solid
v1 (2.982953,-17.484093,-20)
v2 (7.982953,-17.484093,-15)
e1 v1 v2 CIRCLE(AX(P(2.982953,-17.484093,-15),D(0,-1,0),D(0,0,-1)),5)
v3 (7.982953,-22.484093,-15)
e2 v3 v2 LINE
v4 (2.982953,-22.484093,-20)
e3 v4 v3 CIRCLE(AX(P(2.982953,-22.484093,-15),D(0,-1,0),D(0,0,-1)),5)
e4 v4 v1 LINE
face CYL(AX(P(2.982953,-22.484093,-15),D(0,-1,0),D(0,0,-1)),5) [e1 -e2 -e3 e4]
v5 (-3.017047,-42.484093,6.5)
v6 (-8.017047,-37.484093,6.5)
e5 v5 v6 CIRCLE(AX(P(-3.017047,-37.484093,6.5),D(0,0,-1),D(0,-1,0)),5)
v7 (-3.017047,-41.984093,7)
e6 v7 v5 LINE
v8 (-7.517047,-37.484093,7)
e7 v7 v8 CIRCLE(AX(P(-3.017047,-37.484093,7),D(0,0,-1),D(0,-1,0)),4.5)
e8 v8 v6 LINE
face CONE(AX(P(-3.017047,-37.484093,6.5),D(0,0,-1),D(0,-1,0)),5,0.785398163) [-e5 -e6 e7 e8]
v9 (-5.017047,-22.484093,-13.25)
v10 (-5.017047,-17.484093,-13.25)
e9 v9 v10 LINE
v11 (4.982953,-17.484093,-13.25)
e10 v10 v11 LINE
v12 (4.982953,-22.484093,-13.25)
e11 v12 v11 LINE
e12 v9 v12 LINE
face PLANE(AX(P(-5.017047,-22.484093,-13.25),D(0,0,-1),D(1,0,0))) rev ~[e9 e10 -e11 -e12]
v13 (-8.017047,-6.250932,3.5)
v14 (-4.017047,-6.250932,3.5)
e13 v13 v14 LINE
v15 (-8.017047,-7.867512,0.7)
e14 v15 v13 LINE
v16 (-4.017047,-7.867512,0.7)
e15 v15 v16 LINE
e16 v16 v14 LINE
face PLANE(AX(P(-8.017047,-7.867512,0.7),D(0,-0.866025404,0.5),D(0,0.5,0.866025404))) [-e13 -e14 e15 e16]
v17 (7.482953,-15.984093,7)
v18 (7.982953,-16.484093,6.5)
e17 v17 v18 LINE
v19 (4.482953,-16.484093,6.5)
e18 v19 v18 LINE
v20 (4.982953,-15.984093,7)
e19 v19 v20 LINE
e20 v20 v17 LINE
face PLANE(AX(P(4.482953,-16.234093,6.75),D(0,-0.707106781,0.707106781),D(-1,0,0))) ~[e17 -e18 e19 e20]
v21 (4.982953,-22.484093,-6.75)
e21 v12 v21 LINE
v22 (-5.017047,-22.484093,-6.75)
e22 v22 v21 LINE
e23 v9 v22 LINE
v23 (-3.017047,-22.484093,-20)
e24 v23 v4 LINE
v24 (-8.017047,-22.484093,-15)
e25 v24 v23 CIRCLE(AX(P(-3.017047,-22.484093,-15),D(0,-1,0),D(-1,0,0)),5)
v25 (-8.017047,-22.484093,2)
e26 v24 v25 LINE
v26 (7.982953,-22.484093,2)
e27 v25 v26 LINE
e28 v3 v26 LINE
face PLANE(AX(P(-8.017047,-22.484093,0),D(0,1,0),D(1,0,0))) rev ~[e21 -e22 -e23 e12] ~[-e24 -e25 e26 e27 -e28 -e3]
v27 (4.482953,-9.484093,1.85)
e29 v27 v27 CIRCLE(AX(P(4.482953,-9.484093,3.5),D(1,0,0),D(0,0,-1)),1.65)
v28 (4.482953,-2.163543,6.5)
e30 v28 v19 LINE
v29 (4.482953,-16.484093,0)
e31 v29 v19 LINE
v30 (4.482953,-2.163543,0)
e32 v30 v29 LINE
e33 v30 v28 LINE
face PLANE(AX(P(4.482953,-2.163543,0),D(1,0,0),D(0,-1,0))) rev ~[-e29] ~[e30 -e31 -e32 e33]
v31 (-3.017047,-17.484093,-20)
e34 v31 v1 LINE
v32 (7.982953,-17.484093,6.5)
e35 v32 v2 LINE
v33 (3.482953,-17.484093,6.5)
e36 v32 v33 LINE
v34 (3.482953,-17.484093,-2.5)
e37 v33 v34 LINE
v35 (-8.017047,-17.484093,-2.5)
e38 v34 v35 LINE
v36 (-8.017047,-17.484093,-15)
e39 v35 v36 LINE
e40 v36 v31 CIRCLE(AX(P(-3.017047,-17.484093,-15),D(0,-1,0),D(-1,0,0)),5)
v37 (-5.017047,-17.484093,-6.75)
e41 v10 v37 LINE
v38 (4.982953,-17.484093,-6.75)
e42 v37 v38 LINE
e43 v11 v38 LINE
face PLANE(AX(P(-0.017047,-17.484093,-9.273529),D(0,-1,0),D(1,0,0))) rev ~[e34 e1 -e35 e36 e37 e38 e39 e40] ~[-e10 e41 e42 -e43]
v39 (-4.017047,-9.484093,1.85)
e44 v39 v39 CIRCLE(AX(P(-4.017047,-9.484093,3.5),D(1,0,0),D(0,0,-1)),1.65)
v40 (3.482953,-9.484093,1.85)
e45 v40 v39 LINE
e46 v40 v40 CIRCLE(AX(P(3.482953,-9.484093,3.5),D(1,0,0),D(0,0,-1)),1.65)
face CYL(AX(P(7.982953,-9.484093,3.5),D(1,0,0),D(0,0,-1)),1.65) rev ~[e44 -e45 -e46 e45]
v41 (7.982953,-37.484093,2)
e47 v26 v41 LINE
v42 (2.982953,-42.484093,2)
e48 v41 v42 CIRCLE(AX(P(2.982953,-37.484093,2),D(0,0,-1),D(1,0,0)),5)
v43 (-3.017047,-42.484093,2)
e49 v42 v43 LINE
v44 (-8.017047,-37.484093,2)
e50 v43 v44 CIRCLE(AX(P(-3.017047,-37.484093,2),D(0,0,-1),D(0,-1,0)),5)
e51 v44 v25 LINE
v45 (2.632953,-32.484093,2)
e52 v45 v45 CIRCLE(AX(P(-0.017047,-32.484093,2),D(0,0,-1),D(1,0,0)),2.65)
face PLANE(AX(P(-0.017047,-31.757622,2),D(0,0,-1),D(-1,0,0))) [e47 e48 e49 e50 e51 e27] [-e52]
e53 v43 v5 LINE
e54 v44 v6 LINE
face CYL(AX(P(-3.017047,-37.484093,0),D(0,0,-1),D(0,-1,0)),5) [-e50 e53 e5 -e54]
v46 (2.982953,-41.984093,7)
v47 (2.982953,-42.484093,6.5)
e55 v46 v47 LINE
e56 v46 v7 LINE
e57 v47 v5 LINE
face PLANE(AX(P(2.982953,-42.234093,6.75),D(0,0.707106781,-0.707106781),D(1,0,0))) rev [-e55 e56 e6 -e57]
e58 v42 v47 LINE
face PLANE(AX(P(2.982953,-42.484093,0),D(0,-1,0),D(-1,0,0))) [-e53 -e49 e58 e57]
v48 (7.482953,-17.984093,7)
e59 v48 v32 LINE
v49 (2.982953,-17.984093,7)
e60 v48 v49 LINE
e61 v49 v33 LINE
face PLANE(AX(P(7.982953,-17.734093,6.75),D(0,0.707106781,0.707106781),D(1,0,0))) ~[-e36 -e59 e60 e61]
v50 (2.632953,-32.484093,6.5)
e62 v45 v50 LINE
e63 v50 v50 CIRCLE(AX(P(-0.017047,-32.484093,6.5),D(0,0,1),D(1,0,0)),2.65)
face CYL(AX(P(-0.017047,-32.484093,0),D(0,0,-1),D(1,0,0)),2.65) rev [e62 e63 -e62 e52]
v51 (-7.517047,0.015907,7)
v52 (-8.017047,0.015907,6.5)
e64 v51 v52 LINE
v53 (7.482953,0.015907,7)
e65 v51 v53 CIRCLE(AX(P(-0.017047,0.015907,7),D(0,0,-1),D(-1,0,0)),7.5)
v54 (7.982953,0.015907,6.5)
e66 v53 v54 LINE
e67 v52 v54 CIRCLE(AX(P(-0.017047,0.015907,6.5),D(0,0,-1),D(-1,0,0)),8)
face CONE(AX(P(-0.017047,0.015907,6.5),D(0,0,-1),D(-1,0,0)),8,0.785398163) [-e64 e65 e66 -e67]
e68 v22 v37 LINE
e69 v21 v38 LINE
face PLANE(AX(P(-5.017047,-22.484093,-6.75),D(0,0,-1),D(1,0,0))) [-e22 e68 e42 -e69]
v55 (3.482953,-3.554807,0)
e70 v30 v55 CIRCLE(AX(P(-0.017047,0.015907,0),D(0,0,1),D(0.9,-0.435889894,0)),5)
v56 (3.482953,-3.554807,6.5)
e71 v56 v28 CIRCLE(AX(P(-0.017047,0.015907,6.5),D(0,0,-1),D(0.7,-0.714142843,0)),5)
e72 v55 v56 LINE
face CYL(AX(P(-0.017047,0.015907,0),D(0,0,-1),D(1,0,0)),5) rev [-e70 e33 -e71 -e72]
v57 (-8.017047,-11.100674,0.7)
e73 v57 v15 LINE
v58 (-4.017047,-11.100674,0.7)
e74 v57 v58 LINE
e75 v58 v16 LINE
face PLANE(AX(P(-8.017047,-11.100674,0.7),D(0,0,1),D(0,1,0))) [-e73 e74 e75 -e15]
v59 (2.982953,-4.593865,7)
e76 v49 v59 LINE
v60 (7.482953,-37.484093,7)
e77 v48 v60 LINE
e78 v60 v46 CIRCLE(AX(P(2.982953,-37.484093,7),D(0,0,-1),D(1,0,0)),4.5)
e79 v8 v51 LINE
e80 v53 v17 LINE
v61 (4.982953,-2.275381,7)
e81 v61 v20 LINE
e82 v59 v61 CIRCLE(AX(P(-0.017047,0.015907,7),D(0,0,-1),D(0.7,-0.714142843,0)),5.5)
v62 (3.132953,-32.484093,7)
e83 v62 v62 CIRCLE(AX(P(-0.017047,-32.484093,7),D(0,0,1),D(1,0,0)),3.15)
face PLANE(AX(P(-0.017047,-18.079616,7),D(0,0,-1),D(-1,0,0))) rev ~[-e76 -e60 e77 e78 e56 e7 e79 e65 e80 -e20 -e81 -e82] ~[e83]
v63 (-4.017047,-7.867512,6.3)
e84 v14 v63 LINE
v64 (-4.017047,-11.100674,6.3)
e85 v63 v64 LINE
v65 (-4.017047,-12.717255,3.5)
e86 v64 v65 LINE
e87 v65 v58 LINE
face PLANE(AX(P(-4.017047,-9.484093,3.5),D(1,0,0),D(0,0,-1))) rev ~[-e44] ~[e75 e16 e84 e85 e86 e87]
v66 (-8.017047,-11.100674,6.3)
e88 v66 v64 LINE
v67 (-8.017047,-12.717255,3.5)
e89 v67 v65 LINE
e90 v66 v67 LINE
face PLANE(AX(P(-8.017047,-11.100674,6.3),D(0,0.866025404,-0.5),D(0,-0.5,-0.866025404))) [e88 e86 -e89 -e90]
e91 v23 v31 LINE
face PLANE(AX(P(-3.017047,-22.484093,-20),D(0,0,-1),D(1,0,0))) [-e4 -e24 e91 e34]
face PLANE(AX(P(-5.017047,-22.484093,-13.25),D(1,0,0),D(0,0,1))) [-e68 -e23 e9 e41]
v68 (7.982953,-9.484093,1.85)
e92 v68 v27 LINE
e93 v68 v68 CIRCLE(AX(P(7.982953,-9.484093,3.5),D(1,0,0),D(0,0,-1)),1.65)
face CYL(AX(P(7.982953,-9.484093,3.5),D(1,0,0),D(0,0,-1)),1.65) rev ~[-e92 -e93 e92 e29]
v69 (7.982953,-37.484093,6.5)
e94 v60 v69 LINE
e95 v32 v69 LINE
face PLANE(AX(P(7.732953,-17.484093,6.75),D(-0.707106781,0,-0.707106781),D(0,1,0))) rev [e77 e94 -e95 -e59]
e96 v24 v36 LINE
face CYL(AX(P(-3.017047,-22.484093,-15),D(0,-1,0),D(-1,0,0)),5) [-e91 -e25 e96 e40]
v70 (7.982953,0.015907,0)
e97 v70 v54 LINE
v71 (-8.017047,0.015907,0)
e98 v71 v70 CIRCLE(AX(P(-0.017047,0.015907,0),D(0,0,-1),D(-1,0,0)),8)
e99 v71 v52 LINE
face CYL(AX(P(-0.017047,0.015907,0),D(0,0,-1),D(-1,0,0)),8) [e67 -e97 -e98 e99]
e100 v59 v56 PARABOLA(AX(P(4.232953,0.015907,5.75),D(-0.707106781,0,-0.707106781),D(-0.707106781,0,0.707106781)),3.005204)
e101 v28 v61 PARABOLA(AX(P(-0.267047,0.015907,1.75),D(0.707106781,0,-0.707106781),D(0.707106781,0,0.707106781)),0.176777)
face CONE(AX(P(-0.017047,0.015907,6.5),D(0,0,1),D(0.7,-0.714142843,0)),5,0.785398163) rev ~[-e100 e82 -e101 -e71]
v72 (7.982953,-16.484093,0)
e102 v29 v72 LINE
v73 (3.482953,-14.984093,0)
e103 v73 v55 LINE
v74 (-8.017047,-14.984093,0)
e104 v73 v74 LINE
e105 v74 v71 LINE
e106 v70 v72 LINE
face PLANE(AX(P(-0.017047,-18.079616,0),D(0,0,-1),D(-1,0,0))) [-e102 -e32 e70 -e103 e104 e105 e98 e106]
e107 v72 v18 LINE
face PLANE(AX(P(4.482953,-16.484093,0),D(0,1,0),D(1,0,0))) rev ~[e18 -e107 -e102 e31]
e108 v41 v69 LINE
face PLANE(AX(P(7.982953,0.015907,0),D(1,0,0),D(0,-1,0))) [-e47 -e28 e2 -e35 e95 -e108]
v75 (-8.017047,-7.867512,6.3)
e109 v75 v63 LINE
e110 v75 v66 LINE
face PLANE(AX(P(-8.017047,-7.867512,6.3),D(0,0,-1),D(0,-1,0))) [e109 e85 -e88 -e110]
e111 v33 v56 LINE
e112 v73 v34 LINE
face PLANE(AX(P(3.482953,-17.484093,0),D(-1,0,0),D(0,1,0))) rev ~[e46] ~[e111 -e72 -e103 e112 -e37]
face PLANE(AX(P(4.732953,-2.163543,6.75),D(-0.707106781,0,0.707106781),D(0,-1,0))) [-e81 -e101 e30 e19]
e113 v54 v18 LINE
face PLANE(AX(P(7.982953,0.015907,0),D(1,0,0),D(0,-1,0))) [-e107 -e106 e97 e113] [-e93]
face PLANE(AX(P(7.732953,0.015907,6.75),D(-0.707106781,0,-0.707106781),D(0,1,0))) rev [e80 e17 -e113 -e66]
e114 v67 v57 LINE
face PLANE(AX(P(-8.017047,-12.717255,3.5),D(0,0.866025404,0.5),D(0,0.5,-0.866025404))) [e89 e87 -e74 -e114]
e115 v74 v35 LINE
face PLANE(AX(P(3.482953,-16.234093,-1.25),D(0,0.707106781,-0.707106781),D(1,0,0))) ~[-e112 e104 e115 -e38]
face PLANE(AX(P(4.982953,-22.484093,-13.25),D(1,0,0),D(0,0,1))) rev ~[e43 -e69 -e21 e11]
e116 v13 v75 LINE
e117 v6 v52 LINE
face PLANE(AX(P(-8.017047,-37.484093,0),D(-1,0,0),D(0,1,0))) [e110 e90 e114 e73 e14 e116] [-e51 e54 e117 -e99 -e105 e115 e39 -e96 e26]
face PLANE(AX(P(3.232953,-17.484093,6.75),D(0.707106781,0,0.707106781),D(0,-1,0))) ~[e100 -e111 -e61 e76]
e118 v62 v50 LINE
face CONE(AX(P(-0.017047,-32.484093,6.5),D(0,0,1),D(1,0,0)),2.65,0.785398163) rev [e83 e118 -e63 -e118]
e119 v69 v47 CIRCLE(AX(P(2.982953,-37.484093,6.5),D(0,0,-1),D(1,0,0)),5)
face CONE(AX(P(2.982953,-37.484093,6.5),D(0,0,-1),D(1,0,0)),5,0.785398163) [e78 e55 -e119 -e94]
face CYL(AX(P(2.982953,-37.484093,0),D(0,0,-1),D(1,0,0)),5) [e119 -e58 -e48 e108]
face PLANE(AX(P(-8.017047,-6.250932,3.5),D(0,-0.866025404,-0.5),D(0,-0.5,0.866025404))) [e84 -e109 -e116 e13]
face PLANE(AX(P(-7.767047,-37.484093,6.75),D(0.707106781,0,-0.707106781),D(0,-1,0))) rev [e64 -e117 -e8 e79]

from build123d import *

# Parameters (mm, degrees)
ESBO_O1_R                = 5
ESBO_O1_R_2              = 2.65
RESSALTO_EXTRUS_O3_DEPTH = 7
RESSALTO_EXTRUS_O4_START = -20
ESBO_O3_W                = 10
ESBO_O3_H                = 6.5
RESSALTO_EXTRUS_O4_DEPTH = 5
CORTE_EXTRUS_O2_DEPTH    = 8
ESBO_O6_R                = 1.65
CORTE_EXTRUS_O3_DEPTH    = 17
CORTE_EXTRUS_O4_DEPTH    = 4
CHANFRO1_SIZE            = 2.5
CORTE_EXTRUS_O1_DEPTH    = 2
CHANFRO2_SIZE            = 0.5


with BuildPart() as part:
    # Esboço1 → Ressalto-extrusão3 (new body)
    with BuildSketch(Plane.XY):
        with BuildLine():
            Line((7.982953463, 0.015906926), (7.982953463, -37.484093074))
            ThreePointArc((7.982953463, -37.484093074), (6.518487369, -41.01962698), (2.982953463, -42.484093074))
            Line((2.982953463, -42.484093074), (-3.017046537, -42.484093074))
            ThreePointArc((-3.017046537, -42.484093074), (-6.552580443, -41.01962698), (-8.017046537, -37.484093074))
            Line((-8.017046537, -37.484093074), (-8.017046537, 0.015906926))
            ThreePointArc((-8.017046537, 0.015906926), (-0.017046537, 8.015906926), (7.982953463, 0.015906926))
        make_face()
        with Locations((-0.017046537, 0.015906926)):
            Circle(ESBO_O1_R, mode=Mode.SUBTRACT)
        with Locations((-0.017046537, -32.484093074)):
            Circle(ESBO_O1_R_2, mode=Mode.SUBTRACT)
    extrude(amount=RESSALTO_EXTRUS_O3_DEPTH)

    # Esboço3 → Ressalto-extrusão4 (add)
    with BuildSketch(Plane.XZ.offset(42.484093074).offset(RESSALTO_EXTRUS_O4_START)):
        with BuildLine():
            Line((7.982953463, 0), (-8.017046537, 0))
            Line((-8.017046537, 0), (-8.017046537, -15))
            ThreePointArc((-8.017046537, -15), (-6.552580443, -18.535533906), (-3.017046537, -20))
            Line((-3.017046537, -20), (2.982953463, -20))
            ThreePointArc((2.982953463, -20), (6.518487369, -18.535533906), (7.982953463, -15))
            Line((7.982953463, -15), (7.982953463, 0))
        make_face()
        with Locations((-0.017046537, -10)):
            Rectangle(ESBO_O3_W, ESBO_O3_H, mode=Mode.SUBTRACT)
    extrude(amount=-RESSALTO_EXTRUS_O4_DEPTH)

    # Esboço5 → Corte-extrusão2 (cut, through all)
    with BuildSketch(Plane(origin=(0, 0, 0), x_dir=(-1, 0, 0), z_dir=(0, 0, -1))):
        with BuildLine():
            Line((-4.482953463, -2.163542545), (-4.482953463, -16.484093074))
            Line((-4.482953463, -16.484093074), (-7.982953463, -16.484093074))
            Line((-7.982953463, -16.484093074), (-7.982953463, -17.484093074))
            Line((-7.982953463, -17.484093074), (-3.482953463, -17.484093074))
            Line((-3.482953463, -17.484093074), (-3.482953463, -3.554807288))
            ThreePointArc((-3.482953463, -3.554807288), (-4.04299095, -2.902328089), (-4.482953463, -2.163542545))
        make_face()
    extrude(amount=-CORTE_EXTRUS_O2_DEPTH, mode=Mode.SUBTRACT)

    # Esboço6 → Corte-extrusão3 (cut, through all)
    with BuildSketch(Plane(origin=(7.982953463, 0, 0), x_dir=(0, 0, -1), z_dir=(1, 0, 0))):
        with Locations((-3.5, -9.484093074)):
            Circle(ESBO_O6_R)
    extrude(amount=-CORTE_EXTRUS_O3_DEPTH, mode=Mode.SUBTRACT)

    # Esboço7 → Corte-extrusão4 (cut)
    with BuildSketch(Plane(origin=(-8.017046537, 0, 0), x_dir=(0, 0, -1), z_dir=(1, 0, 0))):
        Polygon((-6.3, -7.86751232), (-6.3, -11.100673827), (-3.5, -12.717254581), (-0.7, -11.100673827), (-0.7, -7.86751232), (-3.5, -6.250931566), align=None)
    extrude(amount=CORTE_EXTRUS_O4_DEPTH, mode=Mode.SUBTRACT)

    # Chanfro1
    chanfro1_edges = [part.edges().sort_by_distance(p)[0] for p in [
        (-2.267046537, -17.484093074, 0),
    ]]
    chamfer(chanfro1_edges, length=CHANFRO1_SIZE)

    # Esboço4 → Corte-extrusão1 (cut)
    with BuildSketch(Plane(origin=(0, 0, 0), x_dir=(-1, 0, 0), z_dir=(0, 0, -1))):
        with BuildLine():
            Line((-2.982953463, -42.484093074), (3.017046537, -42.484093074))
            ThreePointArc((3.017046537, -42.484093074), (6.552580443, -41.01962698), (8.017046537, -37.484093074))
            Line((8.017046537, -37.484093074), (8.017046537, -22.484093074))
            Line((8.017046537, -22.484093074), (-7.982953463, -22.484093074))
            Line((-7.982953463, -22.484093074), (-7.982953463, -37.484093074))
            ThreePointArc((-7.982953463, -37.484093074), (-6.518487369, -41.01962698), (-2.982953463, -42.484093074))
        make_face()
    extrude(amount=-CORTE_EXTRUS_O1_DEPTH, mode=Mode.SUBTRACT)

    # Chanfro2
    chanfro2_edges = [part.edges().sort_by_distance(p)[0] for p in [
        (-2.667046537, -32.484093074, 7),
        (4.482953463, -9.323817809, 7),
        (-4.077084024, 2.934141942, 7),
        (3.482953463, -10.519450181, 7),
        (5.732953463, -17.484093074, 7),
        (7.982953463, -27.484093074, 7),
        (6.518487369, -41.01962698, 7),
        (-0.017046537, -42.484093074, 7),
        (-6.552580443, -41.01962698, 7),
        (-8.017046537, -18.734093074, 7),
        (-0.017046537, 8.015906926, 7),
        (6.232953463, -16.484093074, 7),
    ]]
    chamfer(chanfro2_edges, length=CHANFRO2_SIZE)


solid = part.part
